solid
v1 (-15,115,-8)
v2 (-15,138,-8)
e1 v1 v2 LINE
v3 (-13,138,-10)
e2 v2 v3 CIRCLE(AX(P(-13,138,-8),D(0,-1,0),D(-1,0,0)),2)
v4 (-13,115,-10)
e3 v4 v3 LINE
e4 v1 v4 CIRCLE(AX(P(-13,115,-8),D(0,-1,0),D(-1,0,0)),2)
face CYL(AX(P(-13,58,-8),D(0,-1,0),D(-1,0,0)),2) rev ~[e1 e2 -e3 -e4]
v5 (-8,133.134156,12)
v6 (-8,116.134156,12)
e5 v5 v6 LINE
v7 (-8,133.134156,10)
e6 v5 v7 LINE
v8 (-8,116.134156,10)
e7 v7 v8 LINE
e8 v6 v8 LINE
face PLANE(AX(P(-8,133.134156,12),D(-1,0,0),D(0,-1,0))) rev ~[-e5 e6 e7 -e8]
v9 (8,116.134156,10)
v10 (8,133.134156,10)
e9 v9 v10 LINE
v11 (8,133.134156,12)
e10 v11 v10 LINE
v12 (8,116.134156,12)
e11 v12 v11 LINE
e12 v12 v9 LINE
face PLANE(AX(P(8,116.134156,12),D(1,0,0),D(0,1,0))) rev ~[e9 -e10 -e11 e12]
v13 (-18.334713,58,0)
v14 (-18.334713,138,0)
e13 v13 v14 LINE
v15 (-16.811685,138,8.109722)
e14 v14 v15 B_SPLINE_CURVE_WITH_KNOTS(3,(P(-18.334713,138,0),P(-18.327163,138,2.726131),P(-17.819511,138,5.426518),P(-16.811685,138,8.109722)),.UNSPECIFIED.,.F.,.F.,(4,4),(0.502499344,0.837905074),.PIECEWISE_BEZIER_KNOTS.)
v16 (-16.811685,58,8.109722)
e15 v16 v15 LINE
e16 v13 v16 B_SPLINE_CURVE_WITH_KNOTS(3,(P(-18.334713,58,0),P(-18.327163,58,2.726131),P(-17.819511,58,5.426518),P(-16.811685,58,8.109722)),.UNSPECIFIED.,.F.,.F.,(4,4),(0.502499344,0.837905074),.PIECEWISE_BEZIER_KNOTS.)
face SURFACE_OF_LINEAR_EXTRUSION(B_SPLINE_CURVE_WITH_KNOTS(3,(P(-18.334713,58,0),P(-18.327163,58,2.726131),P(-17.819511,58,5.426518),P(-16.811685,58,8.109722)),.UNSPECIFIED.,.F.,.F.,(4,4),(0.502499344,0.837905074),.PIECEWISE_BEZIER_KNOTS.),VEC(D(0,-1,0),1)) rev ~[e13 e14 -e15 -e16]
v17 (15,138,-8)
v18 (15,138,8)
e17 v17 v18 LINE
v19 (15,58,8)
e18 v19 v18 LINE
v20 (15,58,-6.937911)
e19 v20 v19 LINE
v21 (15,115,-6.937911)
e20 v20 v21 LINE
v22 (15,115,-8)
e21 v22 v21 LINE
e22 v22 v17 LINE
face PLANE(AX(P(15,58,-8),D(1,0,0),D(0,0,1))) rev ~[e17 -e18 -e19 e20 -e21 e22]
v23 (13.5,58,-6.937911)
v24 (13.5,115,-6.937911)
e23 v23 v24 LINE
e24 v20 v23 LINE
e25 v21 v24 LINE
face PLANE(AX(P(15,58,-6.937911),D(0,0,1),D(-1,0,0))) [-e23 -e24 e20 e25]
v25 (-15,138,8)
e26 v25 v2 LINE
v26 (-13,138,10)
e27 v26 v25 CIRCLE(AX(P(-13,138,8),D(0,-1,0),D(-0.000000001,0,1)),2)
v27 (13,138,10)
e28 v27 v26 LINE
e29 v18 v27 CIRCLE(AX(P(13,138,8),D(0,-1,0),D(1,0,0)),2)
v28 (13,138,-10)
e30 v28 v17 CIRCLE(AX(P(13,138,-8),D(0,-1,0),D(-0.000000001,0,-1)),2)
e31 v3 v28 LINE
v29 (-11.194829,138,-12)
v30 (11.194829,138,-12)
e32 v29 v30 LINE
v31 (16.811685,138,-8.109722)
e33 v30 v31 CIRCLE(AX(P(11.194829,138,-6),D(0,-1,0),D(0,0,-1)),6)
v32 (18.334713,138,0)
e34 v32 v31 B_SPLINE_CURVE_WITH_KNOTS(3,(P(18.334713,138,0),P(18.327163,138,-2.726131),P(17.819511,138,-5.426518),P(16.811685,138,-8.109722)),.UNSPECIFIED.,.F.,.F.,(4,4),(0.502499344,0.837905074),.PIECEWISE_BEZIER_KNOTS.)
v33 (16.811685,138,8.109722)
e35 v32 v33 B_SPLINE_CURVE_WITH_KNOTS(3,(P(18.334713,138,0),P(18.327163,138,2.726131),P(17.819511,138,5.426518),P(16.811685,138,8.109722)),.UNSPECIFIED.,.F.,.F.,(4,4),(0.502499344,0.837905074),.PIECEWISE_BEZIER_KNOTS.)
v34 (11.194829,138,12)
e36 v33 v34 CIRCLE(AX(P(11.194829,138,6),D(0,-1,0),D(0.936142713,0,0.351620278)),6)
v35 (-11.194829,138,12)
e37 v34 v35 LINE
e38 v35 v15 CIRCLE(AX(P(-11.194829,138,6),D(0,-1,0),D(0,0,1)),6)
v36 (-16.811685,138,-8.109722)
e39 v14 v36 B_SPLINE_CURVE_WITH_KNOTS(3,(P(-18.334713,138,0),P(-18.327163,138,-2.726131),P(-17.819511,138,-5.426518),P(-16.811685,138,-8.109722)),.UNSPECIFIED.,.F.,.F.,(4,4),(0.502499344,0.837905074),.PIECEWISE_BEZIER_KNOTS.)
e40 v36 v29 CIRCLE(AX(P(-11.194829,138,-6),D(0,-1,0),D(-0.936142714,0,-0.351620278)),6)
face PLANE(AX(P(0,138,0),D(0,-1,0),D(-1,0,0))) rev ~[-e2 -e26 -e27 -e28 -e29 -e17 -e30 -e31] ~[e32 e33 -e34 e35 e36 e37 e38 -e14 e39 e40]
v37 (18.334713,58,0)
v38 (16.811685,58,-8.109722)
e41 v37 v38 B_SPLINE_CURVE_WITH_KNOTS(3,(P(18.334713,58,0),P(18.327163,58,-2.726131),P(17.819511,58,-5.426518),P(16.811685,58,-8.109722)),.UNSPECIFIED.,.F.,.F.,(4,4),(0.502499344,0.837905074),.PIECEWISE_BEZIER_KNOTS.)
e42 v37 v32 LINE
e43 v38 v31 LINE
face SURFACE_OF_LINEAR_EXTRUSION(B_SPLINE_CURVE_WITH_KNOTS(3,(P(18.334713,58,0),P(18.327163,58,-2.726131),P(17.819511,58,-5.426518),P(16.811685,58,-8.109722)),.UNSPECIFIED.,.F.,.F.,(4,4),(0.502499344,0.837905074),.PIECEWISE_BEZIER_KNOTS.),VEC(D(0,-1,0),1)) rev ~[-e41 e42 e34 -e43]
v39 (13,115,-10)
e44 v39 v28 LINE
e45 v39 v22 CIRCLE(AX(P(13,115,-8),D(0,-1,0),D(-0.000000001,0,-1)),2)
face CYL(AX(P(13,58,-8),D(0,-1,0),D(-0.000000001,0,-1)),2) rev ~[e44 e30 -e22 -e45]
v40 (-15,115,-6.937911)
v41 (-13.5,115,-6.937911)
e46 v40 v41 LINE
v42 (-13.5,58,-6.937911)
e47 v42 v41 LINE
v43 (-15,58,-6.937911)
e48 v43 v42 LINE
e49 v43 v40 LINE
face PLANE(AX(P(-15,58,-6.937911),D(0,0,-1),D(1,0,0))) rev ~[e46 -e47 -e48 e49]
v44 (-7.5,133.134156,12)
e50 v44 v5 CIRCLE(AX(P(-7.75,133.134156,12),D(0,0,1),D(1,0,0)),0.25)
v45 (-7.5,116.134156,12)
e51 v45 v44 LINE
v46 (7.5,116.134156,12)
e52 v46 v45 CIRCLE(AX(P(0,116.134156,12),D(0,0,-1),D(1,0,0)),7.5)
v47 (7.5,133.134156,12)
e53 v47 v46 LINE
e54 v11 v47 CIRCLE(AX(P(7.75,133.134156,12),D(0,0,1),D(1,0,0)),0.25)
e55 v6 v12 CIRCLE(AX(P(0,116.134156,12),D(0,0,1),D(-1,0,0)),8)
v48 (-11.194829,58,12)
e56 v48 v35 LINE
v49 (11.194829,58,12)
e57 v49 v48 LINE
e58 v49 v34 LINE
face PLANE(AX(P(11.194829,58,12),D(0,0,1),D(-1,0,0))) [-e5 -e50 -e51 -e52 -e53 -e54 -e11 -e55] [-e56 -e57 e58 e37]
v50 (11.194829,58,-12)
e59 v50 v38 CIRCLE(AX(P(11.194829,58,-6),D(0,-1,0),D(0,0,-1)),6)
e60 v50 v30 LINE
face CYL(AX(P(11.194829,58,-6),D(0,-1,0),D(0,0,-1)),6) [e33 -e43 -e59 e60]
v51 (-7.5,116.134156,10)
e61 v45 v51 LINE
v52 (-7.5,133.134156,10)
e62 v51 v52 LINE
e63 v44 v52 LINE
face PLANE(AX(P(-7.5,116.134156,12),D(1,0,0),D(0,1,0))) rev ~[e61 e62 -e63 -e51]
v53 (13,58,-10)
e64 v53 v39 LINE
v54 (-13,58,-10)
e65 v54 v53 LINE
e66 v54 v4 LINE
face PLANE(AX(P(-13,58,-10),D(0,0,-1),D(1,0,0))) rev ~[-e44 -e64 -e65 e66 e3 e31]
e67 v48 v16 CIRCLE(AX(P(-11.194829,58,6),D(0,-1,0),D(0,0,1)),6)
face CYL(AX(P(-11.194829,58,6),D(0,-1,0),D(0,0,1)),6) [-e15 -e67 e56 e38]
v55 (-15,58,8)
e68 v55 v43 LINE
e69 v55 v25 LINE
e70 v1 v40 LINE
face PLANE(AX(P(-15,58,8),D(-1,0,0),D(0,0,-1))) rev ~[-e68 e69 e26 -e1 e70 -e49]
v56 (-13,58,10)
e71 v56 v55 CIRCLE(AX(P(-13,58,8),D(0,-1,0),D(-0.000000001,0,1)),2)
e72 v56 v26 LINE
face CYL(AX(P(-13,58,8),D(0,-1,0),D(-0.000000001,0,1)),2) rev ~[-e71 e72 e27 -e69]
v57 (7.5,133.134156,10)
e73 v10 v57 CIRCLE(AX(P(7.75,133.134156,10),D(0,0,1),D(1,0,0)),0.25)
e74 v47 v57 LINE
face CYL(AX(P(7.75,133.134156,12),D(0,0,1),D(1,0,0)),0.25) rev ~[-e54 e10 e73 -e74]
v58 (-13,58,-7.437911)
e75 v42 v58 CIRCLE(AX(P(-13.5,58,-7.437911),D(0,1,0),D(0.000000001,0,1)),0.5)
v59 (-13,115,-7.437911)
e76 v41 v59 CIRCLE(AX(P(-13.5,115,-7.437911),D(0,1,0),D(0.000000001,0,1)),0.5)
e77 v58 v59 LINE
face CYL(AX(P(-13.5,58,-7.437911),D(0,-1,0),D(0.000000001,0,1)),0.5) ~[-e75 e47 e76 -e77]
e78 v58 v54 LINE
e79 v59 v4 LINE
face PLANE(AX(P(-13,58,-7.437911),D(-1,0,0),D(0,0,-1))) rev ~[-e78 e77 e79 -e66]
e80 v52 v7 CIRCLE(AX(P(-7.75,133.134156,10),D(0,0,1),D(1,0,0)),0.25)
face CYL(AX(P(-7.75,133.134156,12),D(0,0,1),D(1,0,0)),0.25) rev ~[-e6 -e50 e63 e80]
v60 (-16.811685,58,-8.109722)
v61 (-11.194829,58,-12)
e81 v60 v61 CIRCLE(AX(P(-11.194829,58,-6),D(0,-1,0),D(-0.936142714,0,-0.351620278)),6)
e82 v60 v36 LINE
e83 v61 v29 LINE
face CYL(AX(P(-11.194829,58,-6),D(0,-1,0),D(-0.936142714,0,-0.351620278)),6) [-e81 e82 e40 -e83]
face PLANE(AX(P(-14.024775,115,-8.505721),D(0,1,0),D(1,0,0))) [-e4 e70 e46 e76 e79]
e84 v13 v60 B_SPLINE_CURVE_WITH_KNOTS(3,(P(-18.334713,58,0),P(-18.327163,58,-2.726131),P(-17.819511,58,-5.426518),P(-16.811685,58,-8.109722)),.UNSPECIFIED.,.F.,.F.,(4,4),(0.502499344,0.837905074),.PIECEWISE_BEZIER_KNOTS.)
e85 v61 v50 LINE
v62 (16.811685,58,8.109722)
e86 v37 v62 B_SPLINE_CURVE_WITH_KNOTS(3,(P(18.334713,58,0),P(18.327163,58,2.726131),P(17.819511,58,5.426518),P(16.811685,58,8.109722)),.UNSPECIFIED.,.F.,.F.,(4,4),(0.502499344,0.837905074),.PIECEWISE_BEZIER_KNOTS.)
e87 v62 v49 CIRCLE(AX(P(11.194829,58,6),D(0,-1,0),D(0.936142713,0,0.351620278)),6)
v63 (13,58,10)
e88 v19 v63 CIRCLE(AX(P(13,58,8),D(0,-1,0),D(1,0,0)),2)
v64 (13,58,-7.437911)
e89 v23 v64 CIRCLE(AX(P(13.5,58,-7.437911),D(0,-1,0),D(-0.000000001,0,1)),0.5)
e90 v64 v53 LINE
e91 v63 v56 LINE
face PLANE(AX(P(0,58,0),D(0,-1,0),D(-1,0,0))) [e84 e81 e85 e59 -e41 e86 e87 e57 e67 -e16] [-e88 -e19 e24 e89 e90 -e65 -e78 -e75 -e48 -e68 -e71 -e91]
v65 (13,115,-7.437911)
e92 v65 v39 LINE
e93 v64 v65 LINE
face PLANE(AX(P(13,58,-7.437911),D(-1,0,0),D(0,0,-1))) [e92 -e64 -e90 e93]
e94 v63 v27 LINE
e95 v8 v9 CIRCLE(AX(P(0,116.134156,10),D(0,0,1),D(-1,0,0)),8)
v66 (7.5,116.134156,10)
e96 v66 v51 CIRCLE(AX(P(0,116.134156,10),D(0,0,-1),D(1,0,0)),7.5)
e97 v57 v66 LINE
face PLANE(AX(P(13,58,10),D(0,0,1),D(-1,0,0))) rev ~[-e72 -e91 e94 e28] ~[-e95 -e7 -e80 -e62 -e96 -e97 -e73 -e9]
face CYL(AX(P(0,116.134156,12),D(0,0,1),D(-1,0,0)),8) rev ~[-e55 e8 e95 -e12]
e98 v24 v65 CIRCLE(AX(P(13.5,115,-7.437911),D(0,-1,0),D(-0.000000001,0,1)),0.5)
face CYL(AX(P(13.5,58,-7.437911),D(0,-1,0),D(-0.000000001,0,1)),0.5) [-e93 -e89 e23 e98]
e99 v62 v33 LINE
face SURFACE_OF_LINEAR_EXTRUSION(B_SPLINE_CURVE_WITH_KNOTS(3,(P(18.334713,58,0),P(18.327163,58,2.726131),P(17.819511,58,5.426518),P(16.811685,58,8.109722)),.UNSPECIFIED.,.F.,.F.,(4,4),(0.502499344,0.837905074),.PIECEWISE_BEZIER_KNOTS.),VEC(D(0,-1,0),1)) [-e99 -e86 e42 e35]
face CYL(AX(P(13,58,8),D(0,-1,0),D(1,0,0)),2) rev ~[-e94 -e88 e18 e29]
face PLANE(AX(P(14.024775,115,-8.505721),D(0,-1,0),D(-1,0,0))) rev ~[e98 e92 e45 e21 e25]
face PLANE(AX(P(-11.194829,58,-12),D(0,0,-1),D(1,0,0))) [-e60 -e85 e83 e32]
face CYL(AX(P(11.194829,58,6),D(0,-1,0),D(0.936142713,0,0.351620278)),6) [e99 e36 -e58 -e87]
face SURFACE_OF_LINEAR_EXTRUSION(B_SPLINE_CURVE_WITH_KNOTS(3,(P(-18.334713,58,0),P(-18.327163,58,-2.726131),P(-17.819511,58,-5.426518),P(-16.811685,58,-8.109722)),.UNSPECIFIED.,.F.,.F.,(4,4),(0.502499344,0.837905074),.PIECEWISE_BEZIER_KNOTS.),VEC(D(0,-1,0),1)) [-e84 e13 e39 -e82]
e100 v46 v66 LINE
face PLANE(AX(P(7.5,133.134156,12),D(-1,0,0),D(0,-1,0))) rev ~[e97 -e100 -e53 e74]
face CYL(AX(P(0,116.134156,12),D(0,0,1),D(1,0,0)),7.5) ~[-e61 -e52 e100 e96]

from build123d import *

# Parameters (mm, degrees)
BOSS_EXTRUDE4_DEPTH = 80
BOSS_EXTRUDE5_DEPTH = 57
CUT_EXTRUDE1_DEPTH  = 2


with BuildPart() as part:
    # Sketch8 → Boss-Extrude4 (new body)
    with BuildSketch(Plane(origin=(0, 58, 0), x_dir=(1, 0, 0), z_dir=(0, 1, 0))):
        with BuildLine():
            Line((-11.194828593, 12.000000011), (11.194828559, 12.000000011))
            ThreePointArc((11.194828559, 12.000000011), (14.611088941, 10.932460351), (16.811684841, 8.109721678))
            add(Edge.make_bspline(
                [(18.334712564, 1.1e-08), (18.327162677, 2.726130673), (17.819510816, 5.426517656), (16.811684841, 8.109721678)],
                knots=[0.502499344, 0.502499344, 0.502499344, 0.502499344, 0.837905074, 0.837905074, 0.837905074, 0.837905074], degree=3))
            add(Edge.make_bspline(
                [(18.334712564, 1.1e-08), (18.327162677, -2.72613065), (17.819510816, -5.426517634), (16.811684841, -8.109721656)],
                knots=[0.502499344, 0.502499344, 0.502499344, 0.502499344, 0.837905074, 0.837905074, 0.837905074, 0.837905074], degree=3))
            ThreePointArc((16.811684841, -8.109721656), (14.611088941, -10.932460328), (11.194828559, -11.999999989))
            Line((11.194828559, -11.999999989), (-11.194828593, -11.999999989))
            ThreePointArc((-11.194828593, -11.999999989), (-14.611088975, -10.932460328), (-16.811684874, -8.109721656))
            add(Edge.make_bspline(
                [(-18.334712598, 1.1e-08), (-18.327162711, -2.72613065), (-17.81951085, -5.426517634), (-16.811684874, -8.109721656)],
                knots=[0.502499344, 0.502499344, 0.502499344, 0.502499344, 0.837905074, 0.837905074, 0.837905074, 0.837905074], degree=3))
            add(Edge.make_bspline(
                [(-18.334712598, 1.1e-08), (-18.327162711, 2.726130673), (-17.81951085, 5.426517656), (-16.811684874, 8.109721678)],
                knots=[0.502499344, 0.502499344, 0.502499344, 0.502499344, 0.837905074, 0.837905074, 0.837905074, 0.837905074], degree=3))
            ThreePointArc((-16.811684874, 8.109721678), (-14.611088975, 10.932460351), (-11.194828593, 12.000000011))
        make_face()
        with BuildLine():
            Line((-15.000000017, -7.999999989), (-15.000000017, 8.000000011))
            ThreePointArc((-15.000000017, 8.000000011), (-14.414213579, 9.414213574), (-13.000000017, 10.000000011))
            Line((-13.000000017, 10.000000011), (12.999999983, 10.000000011))
            ThreePointArc((12.999999983, 10.000000011), (14.414213546, 9.414213574), (14.999999983, 8.000000011))
            Line((14.999999983, 8.000000011), (14.999999983, -7.999999989))
            ThreePointArc((14.999999983, -7.999999989), (14.414213546, -9.414213551), (12.999999983, -9.999999989))
            Line((12.999999983, -9.999999989), (-13.000000017, -9.999999989))
            ThreePointArc((-13.000000017, -9.999999989), (-14.414213579, -9.414213551), (-15.000000017, -7.999999989))
        make_face(mode=Mode.SUBTRACT)
    extrude(amount=BOSS_EXTRUDE4_DEPTH)

    # Sketch11 → Boss-Extrude5 (add)
    with BuildSketch(Plane(origin=(0, 58, 0), x_dir=(1, 0, 0), z_dir=(0, 1, 0))):
        with BuildLine():
            Line((13, 10.000000011), (15, 10.000000011))
            Line((15, 10.000000011), (15, 6.937911183))
            Line((15, 6.937911183), (13.5, 6.937911183))
            ThreePointArc((13.5, 6.937911183), (13.146446609, 7.084357793), (13, 7.437911183))
            Line((13, 7.437911183), (13, 10.000000011))
        make_face()
        with BuildLine():
            Line((-13, 7.437911183), (-13, 10.000000011))
            Line((-13, 10.000000011), (-15, 10.000000011))
            Line((-15, 10.000000011), (-15, 6.937911183))
            Line((-15, 6.937911183), (-13.5, 6.937911183))
            ThreePointArc((-13.5, 6.937911183), (-13.146446609, 7.084357793), (-13, 7.437911183))
        make_face()
    extrude(amount=BOSS_EXTRUDE5_DEPTH)

    # Sketch12 → Cut-Extrude1 (cut)
    with BuildSketch(Plane.XY.offset(11.999999989)):
        with BuildLine():
            Line((7.5, 133.134156445), (7.5, 116.134156445))
            ThreePointArc((7.5, 116.134156445), (0, 108.634156445), (-7.5, 116.134156445))
            Line((-7.5, 116.134156445), (-7.5, 133.134156445))
            ThreePointArc((-7.5, 133.134156445), (-7.75, 133.384156445), (-8, 133.134156445))
            Line((-8, 133.134156445), (-8, 116.134156445))
            ThreePointArc((-8, 116.134156445), (0, 108.134156445), (8, 116.134156445))
            Line((8, 116.134156445), (8, 133.134156445))
            ThreePointArc((8, 133.134156445), (7.75, 133.384156445), (7.5, 133.134156445))
        make_face()
    extrude(amount=-CUT_EXTRUDE1_DEPTH, mode=Mode.SUBTRACT)


solid = part.part
